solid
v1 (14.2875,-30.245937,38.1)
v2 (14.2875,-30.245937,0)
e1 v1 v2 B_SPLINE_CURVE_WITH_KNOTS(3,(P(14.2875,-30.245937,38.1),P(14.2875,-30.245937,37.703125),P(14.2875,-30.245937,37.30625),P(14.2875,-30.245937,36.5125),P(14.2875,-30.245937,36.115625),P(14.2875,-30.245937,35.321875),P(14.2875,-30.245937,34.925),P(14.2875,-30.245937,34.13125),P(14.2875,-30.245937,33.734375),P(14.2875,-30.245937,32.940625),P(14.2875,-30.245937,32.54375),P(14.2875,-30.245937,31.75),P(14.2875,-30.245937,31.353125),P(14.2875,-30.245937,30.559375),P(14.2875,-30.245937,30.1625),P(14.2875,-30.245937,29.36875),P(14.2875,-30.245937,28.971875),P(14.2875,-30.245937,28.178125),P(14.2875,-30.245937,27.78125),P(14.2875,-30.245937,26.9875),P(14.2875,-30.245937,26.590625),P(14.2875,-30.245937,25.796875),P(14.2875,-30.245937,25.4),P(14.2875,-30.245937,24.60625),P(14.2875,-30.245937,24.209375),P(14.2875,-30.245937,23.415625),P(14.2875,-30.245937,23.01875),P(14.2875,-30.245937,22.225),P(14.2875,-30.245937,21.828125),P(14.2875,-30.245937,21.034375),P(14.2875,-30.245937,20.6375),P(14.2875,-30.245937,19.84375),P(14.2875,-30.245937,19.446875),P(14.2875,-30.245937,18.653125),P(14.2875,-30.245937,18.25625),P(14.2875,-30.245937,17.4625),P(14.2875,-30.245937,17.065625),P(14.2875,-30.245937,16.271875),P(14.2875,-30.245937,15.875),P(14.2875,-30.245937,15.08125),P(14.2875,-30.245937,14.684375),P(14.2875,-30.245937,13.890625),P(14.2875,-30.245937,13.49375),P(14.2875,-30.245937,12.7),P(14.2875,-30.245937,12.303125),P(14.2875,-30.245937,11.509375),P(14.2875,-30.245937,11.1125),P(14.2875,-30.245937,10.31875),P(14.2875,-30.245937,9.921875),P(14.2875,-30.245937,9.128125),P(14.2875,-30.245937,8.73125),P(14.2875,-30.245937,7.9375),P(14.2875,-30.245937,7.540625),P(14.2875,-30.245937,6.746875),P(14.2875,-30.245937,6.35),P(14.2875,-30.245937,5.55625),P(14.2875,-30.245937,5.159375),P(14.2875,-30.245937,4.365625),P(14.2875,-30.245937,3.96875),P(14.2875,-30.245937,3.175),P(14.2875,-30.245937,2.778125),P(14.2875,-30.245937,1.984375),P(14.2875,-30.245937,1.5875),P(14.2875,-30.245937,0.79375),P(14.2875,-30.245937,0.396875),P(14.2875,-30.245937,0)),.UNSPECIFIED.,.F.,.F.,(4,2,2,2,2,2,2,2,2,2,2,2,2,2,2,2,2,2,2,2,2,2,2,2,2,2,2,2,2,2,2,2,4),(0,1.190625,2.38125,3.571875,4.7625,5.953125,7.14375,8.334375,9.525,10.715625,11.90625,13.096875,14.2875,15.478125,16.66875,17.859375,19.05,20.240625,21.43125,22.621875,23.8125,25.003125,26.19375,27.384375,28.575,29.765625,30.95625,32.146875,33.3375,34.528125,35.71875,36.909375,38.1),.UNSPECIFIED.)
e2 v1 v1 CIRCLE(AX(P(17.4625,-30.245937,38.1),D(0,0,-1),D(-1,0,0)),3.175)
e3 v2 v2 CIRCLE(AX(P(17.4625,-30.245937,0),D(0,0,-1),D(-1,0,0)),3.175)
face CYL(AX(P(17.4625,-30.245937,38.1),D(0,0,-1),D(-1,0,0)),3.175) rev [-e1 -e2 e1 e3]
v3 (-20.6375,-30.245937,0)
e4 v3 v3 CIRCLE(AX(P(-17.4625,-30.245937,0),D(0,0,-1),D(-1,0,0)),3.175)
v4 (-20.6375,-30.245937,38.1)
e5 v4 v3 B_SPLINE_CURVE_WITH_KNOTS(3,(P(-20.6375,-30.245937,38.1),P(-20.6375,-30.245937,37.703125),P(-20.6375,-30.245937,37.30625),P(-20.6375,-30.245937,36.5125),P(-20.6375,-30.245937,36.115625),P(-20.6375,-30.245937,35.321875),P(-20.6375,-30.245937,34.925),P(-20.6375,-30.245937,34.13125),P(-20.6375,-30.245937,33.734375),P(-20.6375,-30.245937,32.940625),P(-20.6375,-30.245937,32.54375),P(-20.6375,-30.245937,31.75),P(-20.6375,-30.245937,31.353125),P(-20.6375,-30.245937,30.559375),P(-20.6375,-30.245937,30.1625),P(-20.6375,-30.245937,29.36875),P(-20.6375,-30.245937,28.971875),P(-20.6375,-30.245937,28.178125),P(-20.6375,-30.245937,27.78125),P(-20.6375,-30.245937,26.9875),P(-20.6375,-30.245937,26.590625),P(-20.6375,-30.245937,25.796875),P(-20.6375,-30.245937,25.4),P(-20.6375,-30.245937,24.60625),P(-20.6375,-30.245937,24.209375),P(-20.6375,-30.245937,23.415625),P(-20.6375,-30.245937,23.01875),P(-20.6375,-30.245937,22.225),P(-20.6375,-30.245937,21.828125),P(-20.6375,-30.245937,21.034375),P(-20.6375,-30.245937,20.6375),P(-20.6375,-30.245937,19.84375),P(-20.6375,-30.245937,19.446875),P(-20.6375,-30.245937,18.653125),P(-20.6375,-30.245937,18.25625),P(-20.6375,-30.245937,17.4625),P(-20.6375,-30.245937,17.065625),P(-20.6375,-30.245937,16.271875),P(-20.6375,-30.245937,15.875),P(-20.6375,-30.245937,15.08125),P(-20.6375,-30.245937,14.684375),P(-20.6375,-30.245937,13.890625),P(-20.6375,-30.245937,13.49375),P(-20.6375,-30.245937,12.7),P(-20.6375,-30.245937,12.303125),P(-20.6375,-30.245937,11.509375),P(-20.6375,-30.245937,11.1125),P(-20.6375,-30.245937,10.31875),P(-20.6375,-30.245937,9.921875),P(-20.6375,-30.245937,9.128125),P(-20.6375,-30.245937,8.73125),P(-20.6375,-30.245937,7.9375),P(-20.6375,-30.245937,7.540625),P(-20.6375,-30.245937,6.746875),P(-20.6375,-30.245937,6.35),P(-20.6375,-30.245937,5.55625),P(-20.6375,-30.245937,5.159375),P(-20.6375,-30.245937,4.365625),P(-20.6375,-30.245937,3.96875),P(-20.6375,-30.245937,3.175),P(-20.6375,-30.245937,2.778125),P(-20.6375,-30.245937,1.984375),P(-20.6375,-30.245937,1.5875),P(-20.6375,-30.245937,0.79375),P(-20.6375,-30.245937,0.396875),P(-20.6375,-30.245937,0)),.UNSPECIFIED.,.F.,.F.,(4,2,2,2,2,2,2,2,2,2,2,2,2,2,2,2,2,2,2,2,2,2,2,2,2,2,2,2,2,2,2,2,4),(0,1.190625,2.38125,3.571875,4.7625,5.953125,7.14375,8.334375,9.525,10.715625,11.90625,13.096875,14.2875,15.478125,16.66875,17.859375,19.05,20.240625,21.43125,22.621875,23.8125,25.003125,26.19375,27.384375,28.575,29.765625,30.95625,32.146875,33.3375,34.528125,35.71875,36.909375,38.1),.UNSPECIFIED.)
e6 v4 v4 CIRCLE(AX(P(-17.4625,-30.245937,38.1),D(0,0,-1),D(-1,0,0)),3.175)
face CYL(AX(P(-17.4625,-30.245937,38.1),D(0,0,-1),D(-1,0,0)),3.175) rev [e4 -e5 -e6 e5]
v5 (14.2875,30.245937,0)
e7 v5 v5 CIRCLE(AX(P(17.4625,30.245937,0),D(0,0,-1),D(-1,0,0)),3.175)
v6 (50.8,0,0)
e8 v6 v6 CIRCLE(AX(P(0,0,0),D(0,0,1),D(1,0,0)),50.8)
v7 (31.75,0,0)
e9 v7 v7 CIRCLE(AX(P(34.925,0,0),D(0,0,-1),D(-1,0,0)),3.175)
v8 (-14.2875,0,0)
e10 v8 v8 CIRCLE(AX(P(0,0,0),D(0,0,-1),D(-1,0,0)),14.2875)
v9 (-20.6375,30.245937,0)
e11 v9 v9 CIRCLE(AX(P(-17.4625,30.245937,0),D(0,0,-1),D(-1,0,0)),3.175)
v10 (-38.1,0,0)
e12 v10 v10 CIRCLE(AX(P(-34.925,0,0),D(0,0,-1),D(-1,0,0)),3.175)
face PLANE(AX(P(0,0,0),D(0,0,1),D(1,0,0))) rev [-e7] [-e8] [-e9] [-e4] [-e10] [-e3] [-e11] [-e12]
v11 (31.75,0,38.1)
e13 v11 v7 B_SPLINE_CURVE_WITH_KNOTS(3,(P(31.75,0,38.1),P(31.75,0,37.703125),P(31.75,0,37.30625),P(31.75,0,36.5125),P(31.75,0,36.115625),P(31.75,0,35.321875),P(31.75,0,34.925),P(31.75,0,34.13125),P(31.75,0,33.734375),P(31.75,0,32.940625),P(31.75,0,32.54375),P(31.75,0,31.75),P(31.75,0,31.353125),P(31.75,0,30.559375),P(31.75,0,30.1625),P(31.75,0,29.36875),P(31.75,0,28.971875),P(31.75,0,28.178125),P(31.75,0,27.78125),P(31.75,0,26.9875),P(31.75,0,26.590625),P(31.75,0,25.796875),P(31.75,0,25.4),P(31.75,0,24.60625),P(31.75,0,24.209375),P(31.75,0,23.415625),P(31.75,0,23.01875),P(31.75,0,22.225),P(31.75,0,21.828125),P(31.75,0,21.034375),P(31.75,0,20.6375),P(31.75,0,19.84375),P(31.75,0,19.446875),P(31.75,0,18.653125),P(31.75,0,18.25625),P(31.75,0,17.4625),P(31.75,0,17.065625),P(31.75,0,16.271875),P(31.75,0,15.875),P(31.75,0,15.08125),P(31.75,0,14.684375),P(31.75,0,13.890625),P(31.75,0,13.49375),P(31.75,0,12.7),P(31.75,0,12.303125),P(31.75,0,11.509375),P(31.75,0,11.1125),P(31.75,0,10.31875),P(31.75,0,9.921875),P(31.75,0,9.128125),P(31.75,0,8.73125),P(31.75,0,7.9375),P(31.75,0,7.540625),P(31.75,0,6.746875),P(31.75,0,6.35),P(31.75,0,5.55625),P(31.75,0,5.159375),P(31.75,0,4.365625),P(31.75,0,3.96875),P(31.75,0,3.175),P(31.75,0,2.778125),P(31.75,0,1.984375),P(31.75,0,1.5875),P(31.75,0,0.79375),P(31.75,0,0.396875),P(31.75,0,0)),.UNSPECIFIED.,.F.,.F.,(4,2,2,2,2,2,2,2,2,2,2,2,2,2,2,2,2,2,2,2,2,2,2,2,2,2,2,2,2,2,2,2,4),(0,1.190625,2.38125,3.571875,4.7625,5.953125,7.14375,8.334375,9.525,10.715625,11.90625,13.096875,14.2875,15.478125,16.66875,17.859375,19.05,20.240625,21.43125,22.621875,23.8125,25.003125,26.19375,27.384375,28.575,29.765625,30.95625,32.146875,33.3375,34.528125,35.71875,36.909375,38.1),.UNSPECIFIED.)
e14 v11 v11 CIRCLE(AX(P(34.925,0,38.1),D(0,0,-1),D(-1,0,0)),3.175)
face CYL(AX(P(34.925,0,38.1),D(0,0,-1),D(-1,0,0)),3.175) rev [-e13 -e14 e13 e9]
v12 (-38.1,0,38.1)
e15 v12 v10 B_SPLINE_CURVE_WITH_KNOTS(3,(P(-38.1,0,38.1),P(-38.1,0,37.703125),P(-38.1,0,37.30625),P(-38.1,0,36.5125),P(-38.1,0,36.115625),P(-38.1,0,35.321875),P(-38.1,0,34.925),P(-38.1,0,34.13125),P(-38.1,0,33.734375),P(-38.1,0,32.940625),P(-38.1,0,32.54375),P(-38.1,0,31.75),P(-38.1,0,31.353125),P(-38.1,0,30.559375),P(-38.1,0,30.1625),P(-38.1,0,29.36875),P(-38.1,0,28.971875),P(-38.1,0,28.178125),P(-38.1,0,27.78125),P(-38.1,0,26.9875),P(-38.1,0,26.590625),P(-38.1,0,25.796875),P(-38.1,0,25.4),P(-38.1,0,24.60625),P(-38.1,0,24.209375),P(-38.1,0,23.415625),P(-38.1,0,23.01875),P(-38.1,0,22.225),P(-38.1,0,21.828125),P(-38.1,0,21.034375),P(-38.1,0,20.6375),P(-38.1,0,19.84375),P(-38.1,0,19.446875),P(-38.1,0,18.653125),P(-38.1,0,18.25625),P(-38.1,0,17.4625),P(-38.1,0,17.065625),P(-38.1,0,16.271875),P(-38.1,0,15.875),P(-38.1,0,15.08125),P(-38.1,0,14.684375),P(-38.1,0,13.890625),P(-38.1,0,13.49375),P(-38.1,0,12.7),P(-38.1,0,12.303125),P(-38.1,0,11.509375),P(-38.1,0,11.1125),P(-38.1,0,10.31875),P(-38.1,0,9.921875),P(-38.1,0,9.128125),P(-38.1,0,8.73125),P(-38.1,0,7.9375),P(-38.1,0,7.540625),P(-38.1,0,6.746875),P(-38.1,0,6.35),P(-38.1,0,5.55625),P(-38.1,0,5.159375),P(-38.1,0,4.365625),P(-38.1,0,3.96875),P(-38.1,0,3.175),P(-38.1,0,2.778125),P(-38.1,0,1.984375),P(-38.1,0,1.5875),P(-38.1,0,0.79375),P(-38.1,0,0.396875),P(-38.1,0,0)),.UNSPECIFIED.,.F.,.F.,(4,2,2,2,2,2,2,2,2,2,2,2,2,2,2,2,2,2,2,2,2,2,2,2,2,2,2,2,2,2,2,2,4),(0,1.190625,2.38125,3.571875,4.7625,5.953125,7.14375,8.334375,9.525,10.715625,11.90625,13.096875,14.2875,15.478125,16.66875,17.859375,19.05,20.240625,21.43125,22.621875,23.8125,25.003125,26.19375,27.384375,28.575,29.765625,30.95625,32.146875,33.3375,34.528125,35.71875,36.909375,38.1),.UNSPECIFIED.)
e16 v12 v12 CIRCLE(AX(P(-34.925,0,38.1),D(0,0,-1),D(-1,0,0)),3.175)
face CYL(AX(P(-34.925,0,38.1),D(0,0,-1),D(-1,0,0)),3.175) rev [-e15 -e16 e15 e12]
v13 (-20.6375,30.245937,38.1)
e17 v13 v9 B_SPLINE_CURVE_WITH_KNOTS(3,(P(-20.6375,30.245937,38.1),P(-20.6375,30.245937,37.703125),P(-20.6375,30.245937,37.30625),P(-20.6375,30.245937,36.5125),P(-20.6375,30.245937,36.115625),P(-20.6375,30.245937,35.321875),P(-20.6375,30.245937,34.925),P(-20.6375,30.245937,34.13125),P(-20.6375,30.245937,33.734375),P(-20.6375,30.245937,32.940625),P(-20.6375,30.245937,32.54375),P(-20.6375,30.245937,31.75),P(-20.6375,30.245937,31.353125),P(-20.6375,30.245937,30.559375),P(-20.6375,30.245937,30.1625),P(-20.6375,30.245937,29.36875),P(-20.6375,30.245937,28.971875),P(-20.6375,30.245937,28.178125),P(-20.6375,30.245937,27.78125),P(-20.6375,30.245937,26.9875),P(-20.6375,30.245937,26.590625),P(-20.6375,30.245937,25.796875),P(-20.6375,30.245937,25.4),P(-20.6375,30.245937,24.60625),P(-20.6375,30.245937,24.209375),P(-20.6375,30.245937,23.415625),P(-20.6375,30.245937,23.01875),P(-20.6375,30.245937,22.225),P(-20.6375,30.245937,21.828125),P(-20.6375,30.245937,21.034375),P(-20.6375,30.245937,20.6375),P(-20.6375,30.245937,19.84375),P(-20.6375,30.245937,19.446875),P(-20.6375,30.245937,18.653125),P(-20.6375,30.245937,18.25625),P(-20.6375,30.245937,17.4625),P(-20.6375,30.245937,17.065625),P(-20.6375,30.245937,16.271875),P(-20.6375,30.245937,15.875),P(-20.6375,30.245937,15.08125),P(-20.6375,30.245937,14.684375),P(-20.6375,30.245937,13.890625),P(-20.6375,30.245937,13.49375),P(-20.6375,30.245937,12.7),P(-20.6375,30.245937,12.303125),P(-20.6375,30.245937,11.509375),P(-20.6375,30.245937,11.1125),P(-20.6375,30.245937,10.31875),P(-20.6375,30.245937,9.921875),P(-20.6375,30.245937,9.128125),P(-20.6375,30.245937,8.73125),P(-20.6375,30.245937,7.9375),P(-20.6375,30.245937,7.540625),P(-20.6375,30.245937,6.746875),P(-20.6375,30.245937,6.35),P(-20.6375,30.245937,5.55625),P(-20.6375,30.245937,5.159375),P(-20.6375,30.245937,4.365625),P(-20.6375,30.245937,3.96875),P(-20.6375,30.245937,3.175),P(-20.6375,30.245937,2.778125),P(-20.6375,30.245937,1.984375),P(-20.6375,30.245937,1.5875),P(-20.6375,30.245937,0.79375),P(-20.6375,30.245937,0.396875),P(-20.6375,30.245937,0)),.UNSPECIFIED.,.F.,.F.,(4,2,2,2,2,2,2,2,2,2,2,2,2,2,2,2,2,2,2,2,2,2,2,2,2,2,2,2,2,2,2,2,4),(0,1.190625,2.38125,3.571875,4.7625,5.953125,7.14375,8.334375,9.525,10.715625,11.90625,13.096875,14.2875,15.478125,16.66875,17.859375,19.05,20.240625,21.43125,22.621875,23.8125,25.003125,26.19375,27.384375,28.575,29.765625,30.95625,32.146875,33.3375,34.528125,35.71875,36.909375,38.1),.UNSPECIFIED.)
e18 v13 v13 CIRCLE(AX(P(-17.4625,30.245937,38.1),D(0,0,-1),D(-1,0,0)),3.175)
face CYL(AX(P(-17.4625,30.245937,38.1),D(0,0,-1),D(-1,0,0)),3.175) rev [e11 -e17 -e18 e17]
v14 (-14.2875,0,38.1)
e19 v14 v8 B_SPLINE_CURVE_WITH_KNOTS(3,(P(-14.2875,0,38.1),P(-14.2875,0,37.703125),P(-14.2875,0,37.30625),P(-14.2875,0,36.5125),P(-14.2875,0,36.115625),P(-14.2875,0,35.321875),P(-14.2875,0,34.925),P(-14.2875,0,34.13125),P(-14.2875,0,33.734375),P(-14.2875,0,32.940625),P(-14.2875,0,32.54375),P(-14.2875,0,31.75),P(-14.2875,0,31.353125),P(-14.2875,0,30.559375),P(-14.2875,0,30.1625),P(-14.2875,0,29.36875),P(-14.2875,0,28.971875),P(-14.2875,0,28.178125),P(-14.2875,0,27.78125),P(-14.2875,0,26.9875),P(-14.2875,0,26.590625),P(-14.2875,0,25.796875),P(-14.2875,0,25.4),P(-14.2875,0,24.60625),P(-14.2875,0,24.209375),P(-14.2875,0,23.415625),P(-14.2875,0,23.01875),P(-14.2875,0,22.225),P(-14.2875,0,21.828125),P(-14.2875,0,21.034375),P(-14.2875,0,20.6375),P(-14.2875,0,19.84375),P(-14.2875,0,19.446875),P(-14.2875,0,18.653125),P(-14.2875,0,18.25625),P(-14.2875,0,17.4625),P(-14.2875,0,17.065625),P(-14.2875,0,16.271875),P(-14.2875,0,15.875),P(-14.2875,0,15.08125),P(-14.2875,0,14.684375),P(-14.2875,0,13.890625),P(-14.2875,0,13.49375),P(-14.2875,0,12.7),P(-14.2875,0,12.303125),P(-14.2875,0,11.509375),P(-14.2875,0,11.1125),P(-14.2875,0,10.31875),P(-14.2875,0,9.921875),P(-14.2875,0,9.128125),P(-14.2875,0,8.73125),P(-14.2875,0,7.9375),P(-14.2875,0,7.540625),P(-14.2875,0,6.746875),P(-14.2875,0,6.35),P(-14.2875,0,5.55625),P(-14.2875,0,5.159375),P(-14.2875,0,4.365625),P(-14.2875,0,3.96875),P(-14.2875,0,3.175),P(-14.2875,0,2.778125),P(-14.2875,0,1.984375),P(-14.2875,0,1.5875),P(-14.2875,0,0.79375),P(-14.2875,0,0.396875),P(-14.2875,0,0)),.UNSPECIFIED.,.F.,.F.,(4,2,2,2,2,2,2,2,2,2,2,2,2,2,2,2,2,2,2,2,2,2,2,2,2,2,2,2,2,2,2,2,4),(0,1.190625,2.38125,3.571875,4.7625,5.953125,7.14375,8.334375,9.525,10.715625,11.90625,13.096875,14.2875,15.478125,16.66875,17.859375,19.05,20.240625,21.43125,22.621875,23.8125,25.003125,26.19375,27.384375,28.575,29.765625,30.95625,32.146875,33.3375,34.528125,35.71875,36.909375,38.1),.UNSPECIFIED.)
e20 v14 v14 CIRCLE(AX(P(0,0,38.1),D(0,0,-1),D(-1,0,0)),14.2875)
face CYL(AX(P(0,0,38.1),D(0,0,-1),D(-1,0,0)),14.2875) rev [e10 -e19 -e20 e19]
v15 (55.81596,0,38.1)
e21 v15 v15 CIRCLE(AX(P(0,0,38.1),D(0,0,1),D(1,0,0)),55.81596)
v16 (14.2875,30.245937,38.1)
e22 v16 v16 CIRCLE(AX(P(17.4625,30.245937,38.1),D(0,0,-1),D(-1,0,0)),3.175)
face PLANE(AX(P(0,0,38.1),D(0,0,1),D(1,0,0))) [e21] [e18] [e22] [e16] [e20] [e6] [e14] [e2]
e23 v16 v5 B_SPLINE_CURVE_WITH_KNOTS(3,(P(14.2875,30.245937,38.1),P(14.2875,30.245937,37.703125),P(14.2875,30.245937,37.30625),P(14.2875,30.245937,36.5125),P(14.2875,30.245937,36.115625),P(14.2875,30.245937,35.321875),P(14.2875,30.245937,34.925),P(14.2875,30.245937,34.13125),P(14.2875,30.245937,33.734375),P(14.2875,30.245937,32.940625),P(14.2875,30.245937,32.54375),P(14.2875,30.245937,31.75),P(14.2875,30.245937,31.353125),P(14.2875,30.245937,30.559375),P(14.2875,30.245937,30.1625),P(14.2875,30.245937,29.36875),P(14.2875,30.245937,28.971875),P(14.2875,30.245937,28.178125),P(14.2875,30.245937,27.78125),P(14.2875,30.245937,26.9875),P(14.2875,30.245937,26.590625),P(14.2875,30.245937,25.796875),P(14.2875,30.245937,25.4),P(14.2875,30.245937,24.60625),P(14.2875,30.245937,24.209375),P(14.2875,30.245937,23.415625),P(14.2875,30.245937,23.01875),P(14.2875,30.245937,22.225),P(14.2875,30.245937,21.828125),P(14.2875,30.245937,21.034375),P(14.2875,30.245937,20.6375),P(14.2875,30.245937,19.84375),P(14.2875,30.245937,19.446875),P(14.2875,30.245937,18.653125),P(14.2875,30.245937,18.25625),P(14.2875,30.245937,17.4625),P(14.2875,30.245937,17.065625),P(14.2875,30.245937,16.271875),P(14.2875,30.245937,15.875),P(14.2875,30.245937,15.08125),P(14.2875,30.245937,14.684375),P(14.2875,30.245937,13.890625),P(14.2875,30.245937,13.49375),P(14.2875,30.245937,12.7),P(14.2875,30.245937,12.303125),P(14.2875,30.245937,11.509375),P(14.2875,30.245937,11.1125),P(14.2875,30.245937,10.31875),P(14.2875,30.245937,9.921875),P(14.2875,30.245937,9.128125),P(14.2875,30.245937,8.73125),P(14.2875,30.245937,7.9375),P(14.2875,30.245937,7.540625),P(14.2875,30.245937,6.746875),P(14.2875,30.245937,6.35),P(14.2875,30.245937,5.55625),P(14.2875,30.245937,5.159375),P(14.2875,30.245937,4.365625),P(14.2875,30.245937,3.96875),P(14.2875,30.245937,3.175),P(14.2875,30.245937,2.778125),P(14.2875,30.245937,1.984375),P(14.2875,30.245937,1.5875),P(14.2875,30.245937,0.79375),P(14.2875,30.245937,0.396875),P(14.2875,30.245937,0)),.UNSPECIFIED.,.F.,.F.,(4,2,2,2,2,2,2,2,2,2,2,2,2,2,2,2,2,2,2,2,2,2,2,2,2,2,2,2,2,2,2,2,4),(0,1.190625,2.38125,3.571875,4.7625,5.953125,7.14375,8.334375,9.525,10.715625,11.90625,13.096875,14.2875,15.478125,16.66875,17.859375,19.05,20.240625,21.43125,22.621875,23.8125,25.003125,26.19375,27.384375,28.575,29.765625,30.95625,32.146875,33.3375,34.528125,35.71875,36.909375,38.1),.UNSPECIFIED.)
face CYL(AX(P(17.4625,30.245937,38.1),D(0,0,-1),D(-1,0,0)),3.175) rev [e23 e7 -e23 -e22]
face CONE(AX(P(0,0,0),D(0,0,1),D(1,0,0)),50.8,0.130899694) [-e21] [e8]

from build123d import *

# Parameters (mm, degrees)
SKETCH1_R           = 50.8
BOSS_EXTRUDE1_DEPTH = 38.1
BOSS_EXTRUDE1_DRAFT = -7.5
SKETCH2_R           = 14.2875
CUT_EXTRUDE1_DEPTH  = 38.1
SKETCH3_R           = 3.175
CUT_EXTRUDE2_DEPTH  = 38.1


with BuildPart() as part:
    # Sketch1 → Boss-Extrude1 (with draft: the straight prism first)
    with BuildSketch(Plane.XY):
        Circle(SKETCH1_R)
    extrude(amount=BOSS_EXTRUDE1_DEPTH)
    # Boss-Extrude1: the draft: its side faces are tilted about the plane it starts from
    boss_extrude1_sides = [part.faces().sort_by_distance(p)[0] for p in [
        (-50.8, 0, 19.05),
    ]]
    draft(boss_extrude1_sides, Plane.XY, BOSS_EXTRUDE1_DRAFT)

    # Sketch2 → Cut-Extrude1 (cut)
    with BuildSketch(Plane(origin=(0, 0, 0), x_dir=(-1, 0, 0), z_dir=(0, 0, -1))):
        Circle(SKETCH2_R)
    extrude(amount=-CUT_EXTRUDE1_DEPTH, mode=Mode.SUBTRACT)

    # Sketch3 → Cut-Extrude2 (cut)
    with BuildSketch(Plane(origin=(0, 0, 0), x_dir=(-1, 0, 0), z_dir=(0, 0, -1))):
        with Locations((34.925, 0)):
            Circle(SKETCH3_R)
        with Locations((17.4625, -30.245937227)):
            Circle(SKETCH3_R)
        with Locations((-17.4625, -30.245937227)):
            Circle(SKETCH3_R)
        with Locations((-34.925, 0)):
            Circle(SKETCH3_R)
        with Locations((-17.4625, 30.245937227)):
            Circle(SKETCH3_R)
        with Locations((17.4625, 30.245937227)):
            Circle(SKETCH3_R)
    extrude(amount=-CUT_EXTRUDE2_DEPTH, mode=Mode.SUBTRACT)


solid = part.part
